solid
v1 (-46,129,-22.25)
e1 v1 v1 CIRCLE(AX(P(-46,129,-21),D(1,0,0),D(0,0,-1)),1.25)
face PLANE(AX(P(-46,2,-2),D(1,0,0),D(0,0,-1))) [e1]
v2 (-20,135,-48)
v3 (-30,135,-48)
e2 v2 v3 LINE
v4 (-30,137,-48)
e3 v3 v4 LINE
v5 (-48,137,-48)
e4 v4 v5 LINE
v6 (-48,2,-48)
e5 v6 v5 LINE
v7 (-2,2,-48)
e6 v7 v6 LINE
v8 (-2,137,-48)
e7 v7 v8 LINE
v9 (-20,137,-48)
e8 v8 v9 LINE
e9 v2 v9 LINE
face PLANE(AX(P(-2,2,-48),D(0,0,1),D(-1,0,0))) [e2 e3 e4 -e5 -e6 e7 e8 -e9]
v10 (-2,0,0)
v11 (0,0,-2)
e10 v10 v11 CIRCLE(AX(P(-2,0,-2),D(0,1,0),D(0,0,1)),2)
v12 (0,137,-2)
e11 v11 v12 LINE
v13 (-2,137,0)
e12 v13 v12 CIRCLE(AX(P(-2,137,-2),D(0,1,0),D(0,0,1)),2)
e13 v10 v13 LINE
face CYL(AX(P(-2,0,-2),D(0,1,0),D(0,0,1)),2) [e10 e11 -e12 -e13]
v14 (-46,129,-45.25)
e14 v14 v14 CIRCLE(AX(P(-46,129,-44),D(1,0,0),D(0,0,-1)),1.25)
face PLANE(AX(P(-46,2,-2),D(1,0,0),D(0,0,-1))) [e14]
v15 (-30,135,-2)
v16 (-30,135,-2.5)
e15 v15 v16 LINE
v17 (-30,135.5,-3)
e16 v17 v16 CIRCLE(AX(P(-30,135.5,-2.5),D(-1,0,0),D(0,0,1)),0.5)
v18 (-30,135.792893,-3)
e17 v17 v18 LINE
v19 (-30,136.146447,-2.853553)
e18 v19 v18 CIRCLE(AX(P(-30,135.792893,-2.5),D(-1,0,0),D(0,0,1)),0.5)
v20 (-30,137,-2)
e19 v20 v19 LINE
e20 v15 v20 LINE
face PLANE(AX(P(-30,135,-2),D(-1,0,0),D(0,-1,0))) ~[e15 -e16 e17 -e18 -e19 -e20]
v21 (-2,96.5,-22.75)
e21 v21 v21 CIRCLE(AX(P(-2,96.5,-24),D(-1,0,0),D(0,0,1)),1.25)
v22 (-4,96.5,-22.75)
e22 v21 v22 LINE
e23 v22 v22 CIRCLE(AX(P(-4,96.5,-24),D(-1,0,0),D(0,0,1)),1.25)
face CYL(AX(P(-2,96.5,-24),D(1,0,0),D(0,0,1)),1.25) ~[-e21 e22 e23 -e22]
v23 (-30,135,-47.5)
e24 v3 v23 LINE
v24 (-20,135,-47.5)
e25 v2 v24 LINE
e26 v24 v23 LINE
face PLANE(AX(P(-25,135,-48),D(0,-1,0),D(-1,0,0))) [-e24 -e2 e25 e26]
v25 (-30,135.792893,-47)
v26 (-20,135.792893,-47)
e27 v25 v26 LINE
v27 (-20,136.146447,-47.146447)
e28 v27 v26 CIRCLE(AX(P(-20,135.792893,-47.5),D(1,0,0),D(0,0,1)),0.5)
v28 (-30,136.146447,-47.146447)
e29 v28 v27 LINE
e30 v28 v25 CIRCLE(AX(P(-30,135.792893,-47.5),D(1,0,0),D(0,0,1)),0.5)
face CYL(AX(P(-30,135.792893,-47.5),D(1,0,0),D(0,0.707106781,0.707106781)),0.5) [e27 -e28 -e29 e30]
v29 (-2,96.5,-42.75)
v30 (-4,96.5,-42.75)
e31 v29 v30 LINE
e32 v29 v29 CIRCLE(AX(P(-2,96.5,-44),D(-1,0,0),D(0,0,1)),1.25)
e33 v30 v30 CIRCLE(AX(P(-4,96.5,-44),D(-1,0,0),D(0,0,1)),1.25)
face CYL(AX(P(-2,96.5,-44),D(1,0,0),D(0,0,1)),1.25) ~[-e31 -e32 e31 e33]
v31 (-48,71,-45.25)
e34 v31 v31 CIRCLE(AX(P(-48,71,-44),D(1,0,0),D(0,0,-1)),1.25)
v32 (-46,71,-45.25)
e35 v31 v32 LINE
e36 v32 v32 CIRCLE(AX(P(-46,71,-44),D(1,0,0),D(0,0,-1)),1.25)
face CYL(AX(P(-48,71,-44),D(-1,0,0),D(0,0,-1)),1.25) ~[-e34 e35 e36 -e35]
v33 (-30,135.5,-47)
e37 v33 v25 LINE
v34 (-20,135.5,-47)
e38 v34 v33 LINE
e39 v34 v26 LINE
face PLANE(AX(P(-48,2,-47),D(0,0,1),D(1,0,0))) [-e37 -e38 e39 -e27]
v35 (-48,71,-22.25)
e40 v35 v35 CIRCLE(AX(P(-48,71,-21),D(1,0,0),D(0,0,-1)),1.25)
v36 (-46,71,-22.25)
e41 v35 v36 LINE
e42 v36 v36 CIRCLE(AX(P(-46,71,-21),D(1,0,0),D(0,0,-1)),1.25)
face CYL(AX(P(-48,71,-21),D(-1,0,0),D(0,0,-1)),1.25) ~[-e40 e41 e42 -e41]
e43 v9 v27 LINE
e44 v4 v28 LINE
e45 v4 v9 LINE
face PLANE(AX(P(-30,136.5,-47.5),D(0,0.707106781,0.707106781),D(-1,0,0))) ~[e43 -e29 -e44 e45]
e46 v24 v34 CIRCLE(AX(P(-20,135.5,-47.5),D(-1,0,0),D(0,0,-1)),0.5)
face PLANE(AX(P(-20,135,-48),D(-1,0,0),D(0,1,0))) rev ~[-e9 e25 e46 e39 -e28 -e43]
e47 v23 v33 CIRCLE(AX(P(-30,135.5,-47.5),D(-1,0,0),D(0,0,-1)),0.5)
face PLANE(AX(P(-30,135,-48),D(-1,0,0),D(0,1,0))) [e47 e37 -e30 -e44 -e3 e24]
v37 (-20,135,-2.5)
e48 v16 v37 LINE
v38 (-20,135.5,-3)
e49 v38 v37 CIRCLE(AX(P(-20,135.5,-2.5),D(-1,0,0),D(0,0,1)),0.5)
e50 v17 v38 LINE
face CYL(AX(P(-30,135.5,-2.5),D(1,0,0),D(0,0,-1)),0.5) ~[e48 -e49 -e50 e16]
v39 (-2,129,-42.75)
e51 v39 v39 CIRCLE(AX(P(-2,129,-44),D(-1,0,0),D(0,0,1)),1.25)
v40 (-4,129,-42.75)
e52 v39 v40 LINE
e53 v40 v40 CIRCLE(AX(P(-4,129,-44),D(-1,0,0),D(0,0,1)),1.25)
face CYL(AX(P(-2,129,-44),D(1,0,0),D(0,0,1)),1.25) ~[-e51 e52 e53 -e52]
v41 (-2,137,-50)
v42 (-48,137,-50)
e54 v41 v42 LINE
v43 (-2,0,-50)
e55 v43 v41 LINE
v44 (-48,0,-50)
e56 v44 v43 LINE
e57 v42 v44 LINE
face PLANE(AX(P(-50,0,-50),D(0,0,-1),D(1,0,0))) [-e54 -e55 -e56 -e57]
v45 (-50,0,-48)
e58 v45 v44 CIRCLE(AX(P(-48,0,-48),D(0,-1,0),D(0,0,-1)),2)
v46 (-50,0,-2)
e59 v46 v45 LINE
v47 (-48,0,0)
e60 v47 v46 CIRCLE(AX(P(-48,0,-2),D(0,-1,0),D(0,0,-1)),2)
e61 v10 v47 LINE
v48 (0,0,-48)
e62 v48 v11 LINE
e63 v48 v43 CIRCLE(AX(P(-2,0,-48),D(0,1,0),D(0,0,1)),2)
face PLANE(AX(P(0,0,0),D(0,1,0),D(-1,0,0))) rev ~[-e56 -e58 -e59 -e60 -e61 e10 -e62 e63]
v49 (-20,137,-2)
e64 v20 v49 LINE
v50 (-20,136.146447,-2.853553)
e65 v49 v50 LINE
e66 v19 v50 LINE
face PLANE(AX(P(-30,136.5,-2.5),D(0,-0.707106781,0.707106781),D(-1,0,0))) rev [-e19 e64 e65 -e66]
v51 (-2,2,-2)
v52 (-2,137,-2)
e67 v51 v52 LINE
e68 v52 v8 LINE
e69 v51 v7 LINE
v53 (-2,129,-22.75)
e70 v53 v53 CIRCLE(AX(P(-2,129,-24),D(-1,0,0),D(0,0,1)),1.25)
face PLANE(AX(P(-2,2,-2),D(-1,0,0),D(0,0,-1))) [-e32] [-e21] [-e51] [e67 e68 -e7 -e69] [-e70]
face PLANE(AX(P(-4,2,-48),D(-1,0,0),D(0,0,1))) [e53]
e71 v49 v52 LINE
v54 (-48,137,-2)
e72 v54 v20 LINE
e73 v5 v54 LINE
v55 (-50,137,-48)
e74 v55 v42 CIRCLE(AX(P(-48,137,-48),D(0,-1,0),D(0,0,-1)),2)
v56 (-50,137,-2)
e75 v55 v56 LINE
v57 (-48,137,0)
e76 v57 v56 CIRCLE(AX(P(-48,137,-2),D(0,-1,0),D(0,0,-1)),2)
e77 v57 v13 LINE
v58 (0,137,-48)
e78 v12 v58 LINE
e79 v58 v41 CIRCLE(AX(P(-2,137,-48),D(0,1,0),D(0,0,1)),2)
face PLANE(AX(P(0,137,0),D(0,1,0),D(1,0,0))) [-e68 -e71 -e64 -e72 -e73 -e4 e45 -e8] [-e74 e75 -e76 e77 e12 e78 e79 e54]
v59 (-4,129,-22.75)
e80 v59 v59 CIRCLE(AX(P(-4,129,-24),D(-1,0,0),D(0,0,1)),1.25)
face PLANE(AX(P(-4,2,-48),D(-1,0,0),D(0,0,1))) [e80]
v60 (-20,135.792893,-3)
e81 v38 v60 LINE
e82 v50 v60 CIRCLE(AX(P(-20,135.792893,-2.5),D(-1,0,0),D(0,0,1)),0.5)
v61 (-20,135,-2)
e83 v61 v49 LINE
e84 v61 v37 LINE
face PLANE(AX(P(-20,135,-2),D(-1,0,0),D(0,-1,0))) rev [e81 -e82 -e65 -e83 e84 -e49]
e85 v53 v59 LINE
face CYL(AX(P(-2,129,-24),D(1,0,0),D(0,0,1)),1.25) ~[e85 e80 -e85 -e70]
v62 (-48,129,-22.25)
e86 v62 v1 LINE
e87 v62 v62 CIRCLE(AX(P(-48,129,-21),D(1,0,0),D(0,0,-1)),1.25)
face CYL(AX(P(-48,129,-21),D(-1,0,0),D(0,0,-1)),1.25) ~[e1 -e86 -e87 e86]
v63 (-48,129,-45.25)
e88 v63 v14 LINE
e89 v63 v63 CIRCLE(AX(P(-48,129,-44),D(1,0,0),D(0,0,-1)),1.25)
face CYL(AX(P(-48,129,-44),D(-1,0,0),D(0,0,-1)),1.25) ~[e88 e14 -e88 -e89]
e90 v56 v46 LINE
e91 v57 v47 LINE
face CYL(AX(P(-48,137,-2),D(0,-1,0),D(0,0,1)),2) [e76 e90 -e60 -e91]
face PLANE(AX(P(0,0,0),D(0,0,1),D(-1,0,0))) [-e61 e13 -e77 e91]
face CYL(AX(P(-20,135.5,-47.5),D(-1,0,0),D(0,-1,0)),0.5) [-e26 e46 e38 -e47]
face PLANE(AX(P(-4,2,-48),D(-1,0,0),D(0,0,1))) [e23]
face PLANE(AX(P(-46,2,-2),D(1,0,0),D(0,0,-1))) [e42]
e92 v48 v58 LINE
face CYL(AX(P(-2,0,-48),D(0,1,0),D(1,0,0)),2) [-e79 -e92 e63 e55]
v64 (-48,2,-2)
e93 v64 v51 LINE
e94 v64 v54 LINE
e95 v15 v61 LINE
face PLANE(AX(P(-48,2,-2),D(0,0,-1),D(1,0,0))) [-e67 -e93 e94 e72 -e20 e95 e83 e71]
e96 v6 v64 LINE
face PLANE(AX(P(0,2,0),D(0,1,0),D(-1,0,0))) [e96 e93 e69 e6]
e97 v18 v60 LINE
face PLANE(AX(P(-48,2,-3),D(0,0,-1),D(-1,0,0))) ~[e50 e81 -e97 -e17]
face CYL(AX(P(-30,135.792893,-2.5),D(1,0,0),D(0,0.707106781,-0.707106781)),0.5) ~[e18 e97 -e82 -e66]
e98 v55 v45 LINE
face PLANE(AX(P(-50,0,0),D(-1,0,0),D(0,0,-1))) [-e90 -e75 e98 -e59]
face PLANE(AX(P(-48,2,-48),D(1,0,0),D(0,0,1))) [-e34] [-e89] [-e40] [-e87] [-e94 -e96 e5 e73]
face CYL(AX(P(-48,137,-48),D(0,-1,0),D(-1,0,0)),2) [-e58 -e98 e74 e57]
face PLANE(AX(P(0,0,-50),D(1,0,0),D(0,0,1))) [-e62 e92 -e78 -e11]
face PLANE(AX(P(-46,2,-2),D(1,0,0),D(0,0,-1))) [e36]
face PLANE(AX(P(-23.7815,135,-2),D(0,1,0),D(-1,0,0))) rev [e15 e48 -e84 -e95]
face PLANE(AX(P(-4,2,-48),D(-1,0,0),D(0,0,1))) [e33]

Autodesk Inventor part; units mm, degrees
ref_plane "YZ Plane" through (0, 0, 0) normal (1, 0, 0) x (0, 1, 0)
ref_plane "XZ Plane" through (0, 0, 0) normal (0, 1, 0) x (-1, 0, 0)
ref_plane "XY Plane" through (0, 0, 0) normal (0, 0, 1) x (1, 0, 0)
sketch "Sketch1" plane through (0, 0, 0) normal (0, 1, 0) x (-1, 0, 0)
  line L0 (0, 0) -> (50, 0)
  line L1 (50, 0) -> (50, -50)
  line L2 (50, -50) -> (0, -50)
  line L3 (0, -50) -> (0, 0)
  dimension "d0" = 50
  dimension "d1" = 50
extrude "Extrusion1" add sketch "Sketch1" along normal blind 2
sketch "Sketch2" plane through (0, 2, 0) normal (0, 1, 0) x (1, 0, 0)
  line L0 (-48, 2) -> (-2, 2)
  line L1 (-2, 2) -> (-2, 48)
  line L2 (-2, 48) -> (-48, 48)
  line L3 (-48, 48) -> (-48, 2)
  line L4 (0, 50) -> (-50, 50) projected
  line L5 (-50, 50) -> (-50, 0) projected
  line L6 (-50, 0) -> (0, 0) projected
  line L7 (0, 0) -> (0, 50) projected
  dimension "d4" = 2
  dimension "d5" = 2
  dimension "d6" = 2
  dimension "d7" = 2
extrude "Extrusion2" add sketch "Sketch2" along normal blind 135
fillet "Fillet1" radius 2 4 edges at (0, 68.5, 0) (0, 68.5, -50) (-50, 68.5, -50) (-50, 68.5, 0)
sketch "Sketch3" plane through (-2, 2, -48) normal (-1, 0, 0) x (0, 0, 1)
  circle A0 centre (4, 127) radius 1.25
  line L0 (0, 135) -> (46, 135) projected
  line L1 (0, -2) -> (0, 135) projected
  circle A1 centre (4, 94.5) radius 1.25
  circle A2 centre (24, 127) radius 1.25
  circle A3 centre (24, 94.5) radius 1.25
  point P0 (48, -2)
  dimension "d11" = 2.5
  dimension "d14" = 8
  dimension "d15" = 4
  dimension "d16" = 2.5
  dimension "d17" = 32.5
  dimension "d18" = 2.5
  dimension "d19" = 20
  dimension "d20" = 2.5
  dimension "d23" = 32.5
  dimension "d24" = 8
  dimension "d25" = 20
extrude "Extrusion3" add sketch "Sketch3" along normal blind 2
sketch "Sketch4" plane through (-48, 2, -2) normal (1, 0, 0) x (0, 0, -1)
  circle A0 centre (42, 127) radius 1.25
  line L0 (0, 135) -> (46, 135) projected
  line L1 (46, 135) -> (46, -2) projected
  circle A1 centre (42, 69) radius 1.25
  circle A2 centre (19, 127) radius 1.25
  circle A3 centre (19, 69) radius 1.25
  point P0 (-2, -2)
  dimension "d26" = 2.5
  dimension "d27" = 8
  dimension "d28" = 4
  dimension "d29" = 2.5
  dimension "d30" = 4
  dimension "d31" = 58
  dimension "d32" = 2.5
  dimension "d33" = 8
  dimension "d34" = 23
  dimension "d35" = 2.5
  dimension "d36" = 58
  dimension "d37" = 23
extrude "Extrusion4" add sketch "Sketch4" along normal blind 2
sketch "Sketch5" plane through (-48, 2, -48) normal (0, 0, 1) x (1, 0, 0)
  line L0 (46, 135) -> (0, 135) construction
  line L1 (46, 0) -> (46, 135) projected
  line L2 (0, 135) -> (46, 135)
  line L3 (23, 135) -> (23, 133) construction
  line L4 (23, 133) -> (28, 133)
  line L5 (23, 133) -> (18, 133)
  line L6 (18, 133) -> (24.2185, 133)
  line L7 (18, 133) -> (18, 135)
  line L8 (28, 133) -> (28, 135)
  point P0 (48, -2)
  dimension "d40" = 2
  dimension "d41" = 5
  dimension "d51" = 5
extrude "Extrusion5" add sketch "Sketch5" along normal blind 1
chamfer "Chamfer1" distance 1 angle 45 1 edges at (-25, 137, -47)
ref_plane "Work Plane1" through (-2, 137, -25) normal (0, 0, 1) x (1, 0, 0)
mirror "Mirror1" about plane through (-2, 137, -25) normal (0, 0, 1) of "Extrusion5"
chamfer "Chamfer2" distance 1 angle 45 1 edges at (-25, 137, -3)
fillet "Fillet2" radius 0.5 4 edges at (-25, 136, -47) (-25, 135, -47) (-25, 135, -3) (-25, 136, -3)
properties part number "180caseMain"
